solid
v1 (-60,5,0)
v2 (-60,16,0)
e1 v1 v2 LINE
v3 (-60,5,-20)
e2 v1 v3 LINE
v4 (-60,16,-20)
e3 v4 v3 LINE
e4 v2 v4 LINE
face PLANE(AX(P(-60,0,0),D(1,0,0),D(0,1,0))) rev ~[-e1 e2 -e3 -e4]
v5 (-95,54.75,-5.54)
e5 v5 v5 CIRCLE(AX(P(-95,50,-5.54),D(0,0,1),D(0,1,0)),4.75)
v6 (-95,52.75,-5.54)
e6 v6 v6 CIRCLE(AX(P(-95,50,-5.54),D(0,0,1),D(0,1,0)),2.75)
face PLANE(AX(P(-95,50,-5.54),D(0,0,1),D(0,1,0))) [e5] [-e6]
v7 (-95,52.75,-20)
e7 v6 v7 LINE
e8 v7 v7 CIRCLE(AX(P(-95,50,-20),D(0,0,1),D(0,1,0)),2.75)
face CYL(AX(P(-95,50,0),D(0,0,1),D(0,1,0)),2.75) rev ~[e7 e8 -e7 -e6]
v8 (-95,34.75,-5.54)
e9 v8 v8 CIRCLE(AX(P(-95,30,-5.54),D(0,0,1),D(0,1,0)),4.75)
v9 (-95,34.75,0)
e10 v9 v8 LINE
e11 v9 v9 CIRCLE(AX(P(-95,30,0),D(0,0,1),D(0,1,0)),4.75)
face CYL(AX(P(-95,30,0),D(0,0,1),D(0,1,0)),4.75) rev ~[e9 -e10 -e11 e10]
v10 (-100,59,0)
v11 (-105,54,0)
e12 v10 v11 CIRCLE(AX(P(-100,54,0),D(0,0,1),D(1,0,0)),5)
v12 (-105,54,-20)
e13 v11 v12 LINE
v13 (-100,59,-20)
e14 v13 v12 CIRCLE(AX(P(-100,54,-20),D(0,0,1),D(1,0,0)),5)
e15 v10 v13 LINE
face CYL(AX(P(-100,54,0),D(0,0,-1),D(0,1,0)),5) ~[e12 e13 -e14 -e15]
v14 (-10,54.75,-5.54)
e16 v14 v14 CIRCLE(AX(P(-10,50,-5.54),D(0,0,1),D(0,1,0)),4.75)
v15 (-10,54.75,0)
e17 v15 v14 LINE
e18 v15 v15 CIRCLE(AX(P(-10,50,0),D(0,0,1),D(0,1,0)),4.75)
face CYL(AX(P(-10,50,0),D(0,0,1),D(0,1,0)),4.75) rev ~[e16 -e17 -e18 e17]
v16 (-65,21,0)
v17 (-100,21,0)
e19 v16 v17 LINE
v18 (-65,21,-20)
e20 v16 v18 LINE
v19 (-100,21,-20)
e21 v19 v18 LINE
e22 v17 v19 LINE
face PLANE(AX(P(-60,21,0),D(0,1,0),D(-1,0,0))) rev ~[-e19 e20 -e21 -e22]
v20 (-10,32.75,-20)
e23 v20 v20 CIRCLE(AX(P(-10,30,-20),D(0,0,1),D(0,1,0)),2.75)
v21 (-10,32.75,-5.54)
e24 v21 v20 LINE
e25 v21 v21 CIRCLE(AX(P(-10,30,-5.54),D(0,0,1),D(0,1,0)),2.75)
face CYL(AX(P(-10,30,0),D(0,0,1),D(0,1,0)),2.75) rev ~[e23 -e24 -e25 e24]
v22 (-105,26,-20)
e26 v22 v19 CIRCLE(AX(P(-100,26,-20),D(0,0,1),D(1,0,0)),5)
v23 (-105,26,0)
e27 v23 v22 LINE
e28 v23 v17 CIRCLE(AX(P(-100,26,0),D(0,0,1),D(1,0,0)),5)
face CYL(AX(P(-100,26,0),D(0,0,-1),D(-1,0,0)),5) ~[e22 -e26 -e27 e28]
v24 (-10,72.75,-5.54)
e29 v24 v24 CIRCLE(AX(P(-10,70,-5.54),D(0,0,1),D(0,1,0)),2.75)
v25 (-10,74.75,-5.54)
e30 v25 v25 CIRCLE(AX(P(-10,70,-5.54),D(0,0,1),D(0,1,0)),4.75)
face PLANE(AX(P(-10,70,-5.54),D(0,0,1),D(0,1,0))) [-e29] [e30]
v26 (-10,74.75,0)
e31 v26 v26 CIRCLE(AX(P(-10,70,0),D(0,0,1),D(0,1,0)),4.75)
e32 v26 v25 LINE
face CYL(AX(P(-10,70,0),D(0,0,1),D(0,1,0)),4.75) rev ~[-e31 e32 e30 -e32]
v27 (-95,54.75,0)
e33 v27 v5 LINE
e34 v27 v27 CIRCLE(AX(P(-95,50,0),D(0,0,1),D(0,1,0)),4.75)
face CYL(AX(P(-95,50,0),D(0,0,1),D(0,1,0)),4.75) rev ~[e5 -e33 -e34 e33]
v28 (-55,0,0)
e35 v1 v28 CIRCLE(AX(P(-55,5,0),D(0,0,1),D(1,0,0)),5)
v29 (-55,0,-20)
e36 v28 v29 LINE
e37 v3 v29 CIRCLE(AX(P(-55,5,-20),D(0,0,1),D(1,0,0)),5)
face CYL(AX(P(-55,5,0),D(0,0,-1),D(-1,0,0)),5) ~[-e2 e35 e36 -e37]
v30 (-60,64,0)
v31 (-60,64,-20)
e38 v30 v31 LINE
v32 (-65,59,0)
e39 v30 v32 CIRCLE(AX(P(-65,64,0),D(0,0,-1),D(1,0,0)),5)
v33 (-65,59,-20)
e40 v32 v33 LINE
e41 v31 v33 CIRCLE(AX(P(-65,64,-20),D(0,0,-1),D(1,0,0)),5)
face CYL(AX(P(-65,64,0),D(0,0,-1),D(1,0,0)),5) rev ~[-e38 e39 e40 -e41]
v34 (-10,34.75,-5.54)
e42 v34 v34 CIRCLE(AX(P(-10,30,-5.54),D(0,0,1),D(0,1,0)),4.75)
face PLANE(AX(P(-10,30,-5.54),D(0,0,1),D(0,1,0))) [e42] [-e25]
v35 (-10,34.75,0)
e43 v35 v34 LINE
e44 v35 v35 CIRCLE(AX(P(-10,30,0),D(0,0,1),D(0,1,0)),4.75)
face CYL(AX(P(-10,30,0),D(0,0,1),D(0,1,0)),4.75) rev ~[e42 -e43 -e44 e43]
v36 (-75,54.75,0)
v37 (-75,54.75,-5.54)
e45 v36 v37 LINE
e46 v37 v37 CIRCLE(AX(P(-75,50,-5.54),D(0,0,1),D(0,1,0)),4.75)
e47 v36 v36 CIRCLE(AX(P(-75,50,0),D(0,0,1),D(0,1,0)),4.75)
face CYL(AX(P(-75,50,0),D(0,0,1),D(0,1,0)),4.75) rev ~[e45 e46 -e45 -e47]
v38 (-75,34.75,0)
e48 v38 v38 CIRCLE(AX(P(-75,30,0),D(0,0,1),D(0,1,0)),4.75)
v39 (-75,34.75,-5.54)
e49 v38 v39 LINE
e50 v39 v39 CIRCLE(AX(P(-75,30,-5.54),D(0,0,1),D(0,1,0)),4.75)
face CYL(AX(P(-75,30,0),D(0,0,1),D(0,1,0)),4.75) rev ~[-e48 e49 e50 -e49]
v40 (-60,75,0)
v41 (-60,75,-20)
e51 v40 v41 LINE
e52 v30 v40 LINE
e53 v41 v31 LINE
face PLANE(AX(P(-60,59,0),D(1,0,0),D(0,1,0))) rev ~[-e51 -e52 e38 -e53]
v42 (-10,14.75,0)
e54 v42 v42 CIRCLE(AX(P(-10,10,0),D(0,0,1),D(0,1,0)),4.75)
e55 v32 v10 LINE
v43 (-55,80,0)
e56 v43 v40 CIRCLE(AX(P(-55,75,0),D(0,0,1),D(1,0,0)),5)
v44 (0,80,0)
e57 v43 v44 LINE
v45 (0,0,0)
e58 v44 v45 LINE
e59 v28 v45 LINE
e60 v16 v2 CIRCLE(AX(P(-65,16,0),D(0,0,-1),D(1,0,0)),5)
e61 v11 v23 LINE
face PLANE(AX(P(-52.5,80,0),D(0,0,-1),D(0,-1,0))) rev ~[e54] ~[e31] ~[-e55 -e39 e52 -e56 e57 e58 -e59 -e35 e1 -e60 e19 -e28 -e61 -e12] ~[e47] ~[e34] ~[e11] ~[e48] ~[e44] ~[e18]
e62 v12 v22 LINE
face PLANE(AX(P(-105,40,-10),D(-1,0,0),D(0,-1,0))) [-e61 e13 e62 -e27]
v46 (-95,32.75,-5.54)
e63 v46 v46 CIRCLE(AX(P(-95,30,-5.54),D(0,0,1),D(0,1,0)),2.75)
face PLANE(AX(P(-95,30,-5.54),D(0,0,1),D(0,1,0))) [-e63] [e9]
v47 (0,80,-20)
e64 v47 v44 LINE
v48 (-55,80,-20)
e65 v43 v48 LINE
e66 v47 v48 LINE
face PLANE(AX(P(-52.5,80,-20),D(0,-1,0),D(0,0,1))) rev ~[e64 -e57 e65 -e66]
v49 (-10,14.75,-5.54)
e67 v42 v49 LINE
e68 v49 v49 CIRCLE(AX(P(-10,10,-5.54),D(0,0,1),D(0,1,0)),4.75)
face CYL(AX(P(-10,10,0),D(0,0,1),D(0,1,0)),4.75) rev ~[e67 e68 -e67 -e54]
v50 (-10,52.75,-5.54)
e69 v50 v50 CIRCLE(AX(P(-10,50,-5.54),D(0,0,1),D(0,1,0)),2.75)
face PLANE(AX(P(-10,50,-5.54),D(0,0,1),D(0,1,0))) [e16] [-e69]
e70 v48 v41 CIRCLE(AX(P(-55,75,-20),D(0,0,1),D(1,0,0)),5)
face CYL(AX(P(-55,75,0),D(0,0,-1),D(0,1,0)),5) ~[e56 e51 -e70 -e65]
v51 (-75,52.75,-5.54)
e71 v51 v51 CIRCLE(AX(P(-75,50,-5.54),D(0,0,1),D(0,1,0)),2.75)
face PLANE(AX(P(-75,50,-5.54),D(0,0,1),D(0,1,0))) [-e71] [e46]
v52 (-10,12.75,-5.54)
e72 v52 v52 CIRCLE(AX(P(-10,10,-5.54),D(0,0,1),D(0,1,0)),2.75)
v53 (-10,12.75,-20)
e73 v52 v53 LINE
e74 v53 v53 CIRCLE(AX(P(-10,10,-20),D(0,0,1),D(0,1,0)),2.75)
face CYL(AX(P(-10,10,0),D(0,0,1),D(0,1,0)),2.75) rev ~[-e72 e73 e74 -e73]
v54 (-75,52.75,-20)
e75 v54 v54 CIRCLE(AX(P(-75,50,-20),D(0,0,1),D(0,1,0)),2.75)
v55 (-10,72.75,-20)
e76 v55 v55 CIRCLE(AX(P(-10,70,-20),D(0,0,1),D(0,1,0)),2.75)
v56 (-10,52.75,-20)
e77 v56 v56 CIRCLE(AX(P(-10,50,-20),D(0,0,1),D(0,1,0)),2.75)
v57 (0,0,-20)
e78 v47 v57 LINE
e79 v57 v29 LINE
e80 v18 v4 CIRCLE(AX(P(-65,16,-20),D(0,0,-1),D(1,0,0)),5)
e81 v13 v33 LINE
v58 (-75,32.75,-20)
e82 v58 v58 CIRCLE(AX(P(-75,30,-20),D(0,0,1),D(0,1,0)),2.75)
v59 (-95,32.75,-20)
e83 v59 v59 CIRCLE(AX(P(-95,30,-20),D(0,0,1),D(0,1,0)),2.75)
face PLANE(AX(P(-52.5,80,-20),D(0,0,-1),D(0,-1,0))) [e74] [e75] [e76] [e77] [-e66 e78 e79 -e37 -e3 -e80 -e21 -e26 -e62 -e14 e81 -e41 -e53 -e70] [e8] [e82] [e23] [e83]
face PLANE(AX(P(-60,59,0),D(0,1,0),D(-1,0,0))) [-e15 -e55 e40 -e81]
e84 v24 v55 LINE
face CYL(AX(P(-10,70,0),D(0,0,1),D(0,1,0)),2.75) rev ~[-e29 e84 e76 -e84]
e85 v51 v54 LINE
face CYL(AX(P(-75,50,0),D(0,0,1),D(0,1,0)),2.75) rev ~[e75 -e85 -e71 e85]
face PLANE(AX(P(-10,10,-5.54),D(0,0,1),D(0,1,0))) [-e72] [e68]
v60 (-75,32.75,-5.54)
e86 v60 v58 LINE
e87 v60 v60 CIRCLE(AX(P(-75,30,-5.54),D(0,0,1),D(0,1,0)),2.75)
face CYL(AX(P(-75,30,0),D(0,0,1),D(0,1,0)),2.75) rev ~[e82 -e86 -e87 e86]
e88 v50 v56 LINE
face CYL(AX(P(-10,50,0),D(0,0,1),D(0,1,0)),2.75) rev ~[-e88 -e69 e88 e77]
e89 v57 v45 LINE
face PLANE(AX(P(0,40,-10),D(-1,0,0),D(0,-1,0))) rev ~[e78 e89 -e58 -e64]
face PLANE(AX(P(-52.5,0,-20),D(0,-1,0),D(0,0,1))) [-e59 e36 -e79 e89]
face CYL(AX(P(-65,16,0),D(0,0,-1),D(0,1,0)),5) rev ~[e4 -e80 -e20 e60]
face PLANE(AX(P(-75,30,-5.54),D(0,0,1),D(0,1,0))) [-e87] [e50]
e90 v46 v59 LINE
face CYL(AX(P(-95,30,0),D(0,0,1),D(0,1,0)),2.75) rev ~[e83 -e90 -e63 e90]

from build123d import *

# Parameters (mm, degrees)
SKETCH_W              = 80
SKETCH_H              = 20
PAD_DEPTH             = 52.5
SKETCH001_R           = 2.75
POCKET_DEPTH          = 20.001
SKETCH002_R           = 4.75
POCKET001_DEPTH       = 5.54
SKETCH003_W           = 21
SKETCH003_H           = 45
POCKET002_DEPTH       = 20.001
FILLET_R              = 5
CLONE_PLACEMENT_ANGLE = 90


with BuildPart() as part:
    # Sketch → Pad (new body, symmetric)
    with BuildSketch(Plane.XZ):
        with Locations((0, -10)):
            Rectangle(SKETCH_W, SKETCH_H)
    extrude(amount=PAD_DEPTH, both=True)

    # Sketch001 (on Face4 of Pad) → Pocket (cut, through all)
    with BuildSketch(Plane(origin=(0, 0, 0), x_dir=(-1, 0, 0), z_dir=(0, 0, 1))):
        with Locations((-30, -42.5)):
            Circle(SKETCH001_R)
        with Locations((30, -42.5)):
            Circle(SKETCH001_R)
        with Locations((-10, 42.5)):
            Circle(SKETCH001_R)
        with Locations((10, 42.5)):
            Circle(SKETCH001_R)
        with Locations((-10, 22.5)):
            Circle(SKETCH001_R)
        with Locations((10, 22.5)):
            Circle(SKETCH001_R)
        with Locations((-10, -42.5)):
            Circle(SKETCH001_R)
        with Locations((10, -42.5)):
            Circle(SKETCH001_R)
    extrude(amount=-POCKET_DEPTH, mode=Mode.SUBTRACT)

    # Sketch002 (on Face2 of Pocket) → Pocket001 (cut)
    with BuildSketch(Plane(origin=(0, 0, 0), x_dir=(-1, 0, 0), z_dir=(0, 0, 1))):
        with Locations((-10, 42.5)):
            Circle(SKETCH002_R)
        with Locations((10, 42.5)):
            Circle(SKETCH002_R)
        with Locations((-10, 22.5)):
            Circle(SKETCH002_R)
        with Locations((10, 22.5)):
            Circle(SKETCH002_R)
        with Locations((10, -42.5)):
            Circle(SKETCH002_R)
        with Locations((30, -42.5)):
            Circle(SKETCH002_R)
        with Locations((-30, -42.5)):
            Circle(SKETCH002_R)
        with Locations((-10, -42.5)):
            Circle(SKETCH002_R)
    extrude(amount=-POCKET001_DEPTH, mode=Mode.SUBTRACT)

    # Sketch003 (on Face2 of Pocket001) → Pocket002 (cut, through all)
    with BuildSketch(Plane(origin=(0, 0, 0), x_dir=(-1, 0, 0), z_dir=(0, 0, 1))):
        with Locations((-29.5, 30)):
            Rectangle(SKETCH003_W, SKETCH003_H)
        with Locations((29.5, 30)):
            Rectangle(SKETCH003_W, SKETCH003_H)
    extrude(amount=-POCKET002_DEPTH, mode=Mode.SUBTRACT)

    # Fillet
    fillet_edges = [part.edges().sort_by_distance(p)[0] for p in [
        (40, -7.5, -10),
        (19, -7.5, -10),
        (19, -52.5, -10),
        (-19, -52.5, -10),
        (-19, -7.5, -10),
        (-40, -7.5, -10),
    ]]
    fillet(fillet_edges, radius=FILLET_R)


with BuildPart() as part_1:
    # Clone placement: moved
    add(part.part.moved(Location((-52.5, 40, 0))).rotate(Axis((-52.5, 40, 0), (0, 0, -1)), CLONE_PLACEMENT_ANGLE))


solid = part_1.part
